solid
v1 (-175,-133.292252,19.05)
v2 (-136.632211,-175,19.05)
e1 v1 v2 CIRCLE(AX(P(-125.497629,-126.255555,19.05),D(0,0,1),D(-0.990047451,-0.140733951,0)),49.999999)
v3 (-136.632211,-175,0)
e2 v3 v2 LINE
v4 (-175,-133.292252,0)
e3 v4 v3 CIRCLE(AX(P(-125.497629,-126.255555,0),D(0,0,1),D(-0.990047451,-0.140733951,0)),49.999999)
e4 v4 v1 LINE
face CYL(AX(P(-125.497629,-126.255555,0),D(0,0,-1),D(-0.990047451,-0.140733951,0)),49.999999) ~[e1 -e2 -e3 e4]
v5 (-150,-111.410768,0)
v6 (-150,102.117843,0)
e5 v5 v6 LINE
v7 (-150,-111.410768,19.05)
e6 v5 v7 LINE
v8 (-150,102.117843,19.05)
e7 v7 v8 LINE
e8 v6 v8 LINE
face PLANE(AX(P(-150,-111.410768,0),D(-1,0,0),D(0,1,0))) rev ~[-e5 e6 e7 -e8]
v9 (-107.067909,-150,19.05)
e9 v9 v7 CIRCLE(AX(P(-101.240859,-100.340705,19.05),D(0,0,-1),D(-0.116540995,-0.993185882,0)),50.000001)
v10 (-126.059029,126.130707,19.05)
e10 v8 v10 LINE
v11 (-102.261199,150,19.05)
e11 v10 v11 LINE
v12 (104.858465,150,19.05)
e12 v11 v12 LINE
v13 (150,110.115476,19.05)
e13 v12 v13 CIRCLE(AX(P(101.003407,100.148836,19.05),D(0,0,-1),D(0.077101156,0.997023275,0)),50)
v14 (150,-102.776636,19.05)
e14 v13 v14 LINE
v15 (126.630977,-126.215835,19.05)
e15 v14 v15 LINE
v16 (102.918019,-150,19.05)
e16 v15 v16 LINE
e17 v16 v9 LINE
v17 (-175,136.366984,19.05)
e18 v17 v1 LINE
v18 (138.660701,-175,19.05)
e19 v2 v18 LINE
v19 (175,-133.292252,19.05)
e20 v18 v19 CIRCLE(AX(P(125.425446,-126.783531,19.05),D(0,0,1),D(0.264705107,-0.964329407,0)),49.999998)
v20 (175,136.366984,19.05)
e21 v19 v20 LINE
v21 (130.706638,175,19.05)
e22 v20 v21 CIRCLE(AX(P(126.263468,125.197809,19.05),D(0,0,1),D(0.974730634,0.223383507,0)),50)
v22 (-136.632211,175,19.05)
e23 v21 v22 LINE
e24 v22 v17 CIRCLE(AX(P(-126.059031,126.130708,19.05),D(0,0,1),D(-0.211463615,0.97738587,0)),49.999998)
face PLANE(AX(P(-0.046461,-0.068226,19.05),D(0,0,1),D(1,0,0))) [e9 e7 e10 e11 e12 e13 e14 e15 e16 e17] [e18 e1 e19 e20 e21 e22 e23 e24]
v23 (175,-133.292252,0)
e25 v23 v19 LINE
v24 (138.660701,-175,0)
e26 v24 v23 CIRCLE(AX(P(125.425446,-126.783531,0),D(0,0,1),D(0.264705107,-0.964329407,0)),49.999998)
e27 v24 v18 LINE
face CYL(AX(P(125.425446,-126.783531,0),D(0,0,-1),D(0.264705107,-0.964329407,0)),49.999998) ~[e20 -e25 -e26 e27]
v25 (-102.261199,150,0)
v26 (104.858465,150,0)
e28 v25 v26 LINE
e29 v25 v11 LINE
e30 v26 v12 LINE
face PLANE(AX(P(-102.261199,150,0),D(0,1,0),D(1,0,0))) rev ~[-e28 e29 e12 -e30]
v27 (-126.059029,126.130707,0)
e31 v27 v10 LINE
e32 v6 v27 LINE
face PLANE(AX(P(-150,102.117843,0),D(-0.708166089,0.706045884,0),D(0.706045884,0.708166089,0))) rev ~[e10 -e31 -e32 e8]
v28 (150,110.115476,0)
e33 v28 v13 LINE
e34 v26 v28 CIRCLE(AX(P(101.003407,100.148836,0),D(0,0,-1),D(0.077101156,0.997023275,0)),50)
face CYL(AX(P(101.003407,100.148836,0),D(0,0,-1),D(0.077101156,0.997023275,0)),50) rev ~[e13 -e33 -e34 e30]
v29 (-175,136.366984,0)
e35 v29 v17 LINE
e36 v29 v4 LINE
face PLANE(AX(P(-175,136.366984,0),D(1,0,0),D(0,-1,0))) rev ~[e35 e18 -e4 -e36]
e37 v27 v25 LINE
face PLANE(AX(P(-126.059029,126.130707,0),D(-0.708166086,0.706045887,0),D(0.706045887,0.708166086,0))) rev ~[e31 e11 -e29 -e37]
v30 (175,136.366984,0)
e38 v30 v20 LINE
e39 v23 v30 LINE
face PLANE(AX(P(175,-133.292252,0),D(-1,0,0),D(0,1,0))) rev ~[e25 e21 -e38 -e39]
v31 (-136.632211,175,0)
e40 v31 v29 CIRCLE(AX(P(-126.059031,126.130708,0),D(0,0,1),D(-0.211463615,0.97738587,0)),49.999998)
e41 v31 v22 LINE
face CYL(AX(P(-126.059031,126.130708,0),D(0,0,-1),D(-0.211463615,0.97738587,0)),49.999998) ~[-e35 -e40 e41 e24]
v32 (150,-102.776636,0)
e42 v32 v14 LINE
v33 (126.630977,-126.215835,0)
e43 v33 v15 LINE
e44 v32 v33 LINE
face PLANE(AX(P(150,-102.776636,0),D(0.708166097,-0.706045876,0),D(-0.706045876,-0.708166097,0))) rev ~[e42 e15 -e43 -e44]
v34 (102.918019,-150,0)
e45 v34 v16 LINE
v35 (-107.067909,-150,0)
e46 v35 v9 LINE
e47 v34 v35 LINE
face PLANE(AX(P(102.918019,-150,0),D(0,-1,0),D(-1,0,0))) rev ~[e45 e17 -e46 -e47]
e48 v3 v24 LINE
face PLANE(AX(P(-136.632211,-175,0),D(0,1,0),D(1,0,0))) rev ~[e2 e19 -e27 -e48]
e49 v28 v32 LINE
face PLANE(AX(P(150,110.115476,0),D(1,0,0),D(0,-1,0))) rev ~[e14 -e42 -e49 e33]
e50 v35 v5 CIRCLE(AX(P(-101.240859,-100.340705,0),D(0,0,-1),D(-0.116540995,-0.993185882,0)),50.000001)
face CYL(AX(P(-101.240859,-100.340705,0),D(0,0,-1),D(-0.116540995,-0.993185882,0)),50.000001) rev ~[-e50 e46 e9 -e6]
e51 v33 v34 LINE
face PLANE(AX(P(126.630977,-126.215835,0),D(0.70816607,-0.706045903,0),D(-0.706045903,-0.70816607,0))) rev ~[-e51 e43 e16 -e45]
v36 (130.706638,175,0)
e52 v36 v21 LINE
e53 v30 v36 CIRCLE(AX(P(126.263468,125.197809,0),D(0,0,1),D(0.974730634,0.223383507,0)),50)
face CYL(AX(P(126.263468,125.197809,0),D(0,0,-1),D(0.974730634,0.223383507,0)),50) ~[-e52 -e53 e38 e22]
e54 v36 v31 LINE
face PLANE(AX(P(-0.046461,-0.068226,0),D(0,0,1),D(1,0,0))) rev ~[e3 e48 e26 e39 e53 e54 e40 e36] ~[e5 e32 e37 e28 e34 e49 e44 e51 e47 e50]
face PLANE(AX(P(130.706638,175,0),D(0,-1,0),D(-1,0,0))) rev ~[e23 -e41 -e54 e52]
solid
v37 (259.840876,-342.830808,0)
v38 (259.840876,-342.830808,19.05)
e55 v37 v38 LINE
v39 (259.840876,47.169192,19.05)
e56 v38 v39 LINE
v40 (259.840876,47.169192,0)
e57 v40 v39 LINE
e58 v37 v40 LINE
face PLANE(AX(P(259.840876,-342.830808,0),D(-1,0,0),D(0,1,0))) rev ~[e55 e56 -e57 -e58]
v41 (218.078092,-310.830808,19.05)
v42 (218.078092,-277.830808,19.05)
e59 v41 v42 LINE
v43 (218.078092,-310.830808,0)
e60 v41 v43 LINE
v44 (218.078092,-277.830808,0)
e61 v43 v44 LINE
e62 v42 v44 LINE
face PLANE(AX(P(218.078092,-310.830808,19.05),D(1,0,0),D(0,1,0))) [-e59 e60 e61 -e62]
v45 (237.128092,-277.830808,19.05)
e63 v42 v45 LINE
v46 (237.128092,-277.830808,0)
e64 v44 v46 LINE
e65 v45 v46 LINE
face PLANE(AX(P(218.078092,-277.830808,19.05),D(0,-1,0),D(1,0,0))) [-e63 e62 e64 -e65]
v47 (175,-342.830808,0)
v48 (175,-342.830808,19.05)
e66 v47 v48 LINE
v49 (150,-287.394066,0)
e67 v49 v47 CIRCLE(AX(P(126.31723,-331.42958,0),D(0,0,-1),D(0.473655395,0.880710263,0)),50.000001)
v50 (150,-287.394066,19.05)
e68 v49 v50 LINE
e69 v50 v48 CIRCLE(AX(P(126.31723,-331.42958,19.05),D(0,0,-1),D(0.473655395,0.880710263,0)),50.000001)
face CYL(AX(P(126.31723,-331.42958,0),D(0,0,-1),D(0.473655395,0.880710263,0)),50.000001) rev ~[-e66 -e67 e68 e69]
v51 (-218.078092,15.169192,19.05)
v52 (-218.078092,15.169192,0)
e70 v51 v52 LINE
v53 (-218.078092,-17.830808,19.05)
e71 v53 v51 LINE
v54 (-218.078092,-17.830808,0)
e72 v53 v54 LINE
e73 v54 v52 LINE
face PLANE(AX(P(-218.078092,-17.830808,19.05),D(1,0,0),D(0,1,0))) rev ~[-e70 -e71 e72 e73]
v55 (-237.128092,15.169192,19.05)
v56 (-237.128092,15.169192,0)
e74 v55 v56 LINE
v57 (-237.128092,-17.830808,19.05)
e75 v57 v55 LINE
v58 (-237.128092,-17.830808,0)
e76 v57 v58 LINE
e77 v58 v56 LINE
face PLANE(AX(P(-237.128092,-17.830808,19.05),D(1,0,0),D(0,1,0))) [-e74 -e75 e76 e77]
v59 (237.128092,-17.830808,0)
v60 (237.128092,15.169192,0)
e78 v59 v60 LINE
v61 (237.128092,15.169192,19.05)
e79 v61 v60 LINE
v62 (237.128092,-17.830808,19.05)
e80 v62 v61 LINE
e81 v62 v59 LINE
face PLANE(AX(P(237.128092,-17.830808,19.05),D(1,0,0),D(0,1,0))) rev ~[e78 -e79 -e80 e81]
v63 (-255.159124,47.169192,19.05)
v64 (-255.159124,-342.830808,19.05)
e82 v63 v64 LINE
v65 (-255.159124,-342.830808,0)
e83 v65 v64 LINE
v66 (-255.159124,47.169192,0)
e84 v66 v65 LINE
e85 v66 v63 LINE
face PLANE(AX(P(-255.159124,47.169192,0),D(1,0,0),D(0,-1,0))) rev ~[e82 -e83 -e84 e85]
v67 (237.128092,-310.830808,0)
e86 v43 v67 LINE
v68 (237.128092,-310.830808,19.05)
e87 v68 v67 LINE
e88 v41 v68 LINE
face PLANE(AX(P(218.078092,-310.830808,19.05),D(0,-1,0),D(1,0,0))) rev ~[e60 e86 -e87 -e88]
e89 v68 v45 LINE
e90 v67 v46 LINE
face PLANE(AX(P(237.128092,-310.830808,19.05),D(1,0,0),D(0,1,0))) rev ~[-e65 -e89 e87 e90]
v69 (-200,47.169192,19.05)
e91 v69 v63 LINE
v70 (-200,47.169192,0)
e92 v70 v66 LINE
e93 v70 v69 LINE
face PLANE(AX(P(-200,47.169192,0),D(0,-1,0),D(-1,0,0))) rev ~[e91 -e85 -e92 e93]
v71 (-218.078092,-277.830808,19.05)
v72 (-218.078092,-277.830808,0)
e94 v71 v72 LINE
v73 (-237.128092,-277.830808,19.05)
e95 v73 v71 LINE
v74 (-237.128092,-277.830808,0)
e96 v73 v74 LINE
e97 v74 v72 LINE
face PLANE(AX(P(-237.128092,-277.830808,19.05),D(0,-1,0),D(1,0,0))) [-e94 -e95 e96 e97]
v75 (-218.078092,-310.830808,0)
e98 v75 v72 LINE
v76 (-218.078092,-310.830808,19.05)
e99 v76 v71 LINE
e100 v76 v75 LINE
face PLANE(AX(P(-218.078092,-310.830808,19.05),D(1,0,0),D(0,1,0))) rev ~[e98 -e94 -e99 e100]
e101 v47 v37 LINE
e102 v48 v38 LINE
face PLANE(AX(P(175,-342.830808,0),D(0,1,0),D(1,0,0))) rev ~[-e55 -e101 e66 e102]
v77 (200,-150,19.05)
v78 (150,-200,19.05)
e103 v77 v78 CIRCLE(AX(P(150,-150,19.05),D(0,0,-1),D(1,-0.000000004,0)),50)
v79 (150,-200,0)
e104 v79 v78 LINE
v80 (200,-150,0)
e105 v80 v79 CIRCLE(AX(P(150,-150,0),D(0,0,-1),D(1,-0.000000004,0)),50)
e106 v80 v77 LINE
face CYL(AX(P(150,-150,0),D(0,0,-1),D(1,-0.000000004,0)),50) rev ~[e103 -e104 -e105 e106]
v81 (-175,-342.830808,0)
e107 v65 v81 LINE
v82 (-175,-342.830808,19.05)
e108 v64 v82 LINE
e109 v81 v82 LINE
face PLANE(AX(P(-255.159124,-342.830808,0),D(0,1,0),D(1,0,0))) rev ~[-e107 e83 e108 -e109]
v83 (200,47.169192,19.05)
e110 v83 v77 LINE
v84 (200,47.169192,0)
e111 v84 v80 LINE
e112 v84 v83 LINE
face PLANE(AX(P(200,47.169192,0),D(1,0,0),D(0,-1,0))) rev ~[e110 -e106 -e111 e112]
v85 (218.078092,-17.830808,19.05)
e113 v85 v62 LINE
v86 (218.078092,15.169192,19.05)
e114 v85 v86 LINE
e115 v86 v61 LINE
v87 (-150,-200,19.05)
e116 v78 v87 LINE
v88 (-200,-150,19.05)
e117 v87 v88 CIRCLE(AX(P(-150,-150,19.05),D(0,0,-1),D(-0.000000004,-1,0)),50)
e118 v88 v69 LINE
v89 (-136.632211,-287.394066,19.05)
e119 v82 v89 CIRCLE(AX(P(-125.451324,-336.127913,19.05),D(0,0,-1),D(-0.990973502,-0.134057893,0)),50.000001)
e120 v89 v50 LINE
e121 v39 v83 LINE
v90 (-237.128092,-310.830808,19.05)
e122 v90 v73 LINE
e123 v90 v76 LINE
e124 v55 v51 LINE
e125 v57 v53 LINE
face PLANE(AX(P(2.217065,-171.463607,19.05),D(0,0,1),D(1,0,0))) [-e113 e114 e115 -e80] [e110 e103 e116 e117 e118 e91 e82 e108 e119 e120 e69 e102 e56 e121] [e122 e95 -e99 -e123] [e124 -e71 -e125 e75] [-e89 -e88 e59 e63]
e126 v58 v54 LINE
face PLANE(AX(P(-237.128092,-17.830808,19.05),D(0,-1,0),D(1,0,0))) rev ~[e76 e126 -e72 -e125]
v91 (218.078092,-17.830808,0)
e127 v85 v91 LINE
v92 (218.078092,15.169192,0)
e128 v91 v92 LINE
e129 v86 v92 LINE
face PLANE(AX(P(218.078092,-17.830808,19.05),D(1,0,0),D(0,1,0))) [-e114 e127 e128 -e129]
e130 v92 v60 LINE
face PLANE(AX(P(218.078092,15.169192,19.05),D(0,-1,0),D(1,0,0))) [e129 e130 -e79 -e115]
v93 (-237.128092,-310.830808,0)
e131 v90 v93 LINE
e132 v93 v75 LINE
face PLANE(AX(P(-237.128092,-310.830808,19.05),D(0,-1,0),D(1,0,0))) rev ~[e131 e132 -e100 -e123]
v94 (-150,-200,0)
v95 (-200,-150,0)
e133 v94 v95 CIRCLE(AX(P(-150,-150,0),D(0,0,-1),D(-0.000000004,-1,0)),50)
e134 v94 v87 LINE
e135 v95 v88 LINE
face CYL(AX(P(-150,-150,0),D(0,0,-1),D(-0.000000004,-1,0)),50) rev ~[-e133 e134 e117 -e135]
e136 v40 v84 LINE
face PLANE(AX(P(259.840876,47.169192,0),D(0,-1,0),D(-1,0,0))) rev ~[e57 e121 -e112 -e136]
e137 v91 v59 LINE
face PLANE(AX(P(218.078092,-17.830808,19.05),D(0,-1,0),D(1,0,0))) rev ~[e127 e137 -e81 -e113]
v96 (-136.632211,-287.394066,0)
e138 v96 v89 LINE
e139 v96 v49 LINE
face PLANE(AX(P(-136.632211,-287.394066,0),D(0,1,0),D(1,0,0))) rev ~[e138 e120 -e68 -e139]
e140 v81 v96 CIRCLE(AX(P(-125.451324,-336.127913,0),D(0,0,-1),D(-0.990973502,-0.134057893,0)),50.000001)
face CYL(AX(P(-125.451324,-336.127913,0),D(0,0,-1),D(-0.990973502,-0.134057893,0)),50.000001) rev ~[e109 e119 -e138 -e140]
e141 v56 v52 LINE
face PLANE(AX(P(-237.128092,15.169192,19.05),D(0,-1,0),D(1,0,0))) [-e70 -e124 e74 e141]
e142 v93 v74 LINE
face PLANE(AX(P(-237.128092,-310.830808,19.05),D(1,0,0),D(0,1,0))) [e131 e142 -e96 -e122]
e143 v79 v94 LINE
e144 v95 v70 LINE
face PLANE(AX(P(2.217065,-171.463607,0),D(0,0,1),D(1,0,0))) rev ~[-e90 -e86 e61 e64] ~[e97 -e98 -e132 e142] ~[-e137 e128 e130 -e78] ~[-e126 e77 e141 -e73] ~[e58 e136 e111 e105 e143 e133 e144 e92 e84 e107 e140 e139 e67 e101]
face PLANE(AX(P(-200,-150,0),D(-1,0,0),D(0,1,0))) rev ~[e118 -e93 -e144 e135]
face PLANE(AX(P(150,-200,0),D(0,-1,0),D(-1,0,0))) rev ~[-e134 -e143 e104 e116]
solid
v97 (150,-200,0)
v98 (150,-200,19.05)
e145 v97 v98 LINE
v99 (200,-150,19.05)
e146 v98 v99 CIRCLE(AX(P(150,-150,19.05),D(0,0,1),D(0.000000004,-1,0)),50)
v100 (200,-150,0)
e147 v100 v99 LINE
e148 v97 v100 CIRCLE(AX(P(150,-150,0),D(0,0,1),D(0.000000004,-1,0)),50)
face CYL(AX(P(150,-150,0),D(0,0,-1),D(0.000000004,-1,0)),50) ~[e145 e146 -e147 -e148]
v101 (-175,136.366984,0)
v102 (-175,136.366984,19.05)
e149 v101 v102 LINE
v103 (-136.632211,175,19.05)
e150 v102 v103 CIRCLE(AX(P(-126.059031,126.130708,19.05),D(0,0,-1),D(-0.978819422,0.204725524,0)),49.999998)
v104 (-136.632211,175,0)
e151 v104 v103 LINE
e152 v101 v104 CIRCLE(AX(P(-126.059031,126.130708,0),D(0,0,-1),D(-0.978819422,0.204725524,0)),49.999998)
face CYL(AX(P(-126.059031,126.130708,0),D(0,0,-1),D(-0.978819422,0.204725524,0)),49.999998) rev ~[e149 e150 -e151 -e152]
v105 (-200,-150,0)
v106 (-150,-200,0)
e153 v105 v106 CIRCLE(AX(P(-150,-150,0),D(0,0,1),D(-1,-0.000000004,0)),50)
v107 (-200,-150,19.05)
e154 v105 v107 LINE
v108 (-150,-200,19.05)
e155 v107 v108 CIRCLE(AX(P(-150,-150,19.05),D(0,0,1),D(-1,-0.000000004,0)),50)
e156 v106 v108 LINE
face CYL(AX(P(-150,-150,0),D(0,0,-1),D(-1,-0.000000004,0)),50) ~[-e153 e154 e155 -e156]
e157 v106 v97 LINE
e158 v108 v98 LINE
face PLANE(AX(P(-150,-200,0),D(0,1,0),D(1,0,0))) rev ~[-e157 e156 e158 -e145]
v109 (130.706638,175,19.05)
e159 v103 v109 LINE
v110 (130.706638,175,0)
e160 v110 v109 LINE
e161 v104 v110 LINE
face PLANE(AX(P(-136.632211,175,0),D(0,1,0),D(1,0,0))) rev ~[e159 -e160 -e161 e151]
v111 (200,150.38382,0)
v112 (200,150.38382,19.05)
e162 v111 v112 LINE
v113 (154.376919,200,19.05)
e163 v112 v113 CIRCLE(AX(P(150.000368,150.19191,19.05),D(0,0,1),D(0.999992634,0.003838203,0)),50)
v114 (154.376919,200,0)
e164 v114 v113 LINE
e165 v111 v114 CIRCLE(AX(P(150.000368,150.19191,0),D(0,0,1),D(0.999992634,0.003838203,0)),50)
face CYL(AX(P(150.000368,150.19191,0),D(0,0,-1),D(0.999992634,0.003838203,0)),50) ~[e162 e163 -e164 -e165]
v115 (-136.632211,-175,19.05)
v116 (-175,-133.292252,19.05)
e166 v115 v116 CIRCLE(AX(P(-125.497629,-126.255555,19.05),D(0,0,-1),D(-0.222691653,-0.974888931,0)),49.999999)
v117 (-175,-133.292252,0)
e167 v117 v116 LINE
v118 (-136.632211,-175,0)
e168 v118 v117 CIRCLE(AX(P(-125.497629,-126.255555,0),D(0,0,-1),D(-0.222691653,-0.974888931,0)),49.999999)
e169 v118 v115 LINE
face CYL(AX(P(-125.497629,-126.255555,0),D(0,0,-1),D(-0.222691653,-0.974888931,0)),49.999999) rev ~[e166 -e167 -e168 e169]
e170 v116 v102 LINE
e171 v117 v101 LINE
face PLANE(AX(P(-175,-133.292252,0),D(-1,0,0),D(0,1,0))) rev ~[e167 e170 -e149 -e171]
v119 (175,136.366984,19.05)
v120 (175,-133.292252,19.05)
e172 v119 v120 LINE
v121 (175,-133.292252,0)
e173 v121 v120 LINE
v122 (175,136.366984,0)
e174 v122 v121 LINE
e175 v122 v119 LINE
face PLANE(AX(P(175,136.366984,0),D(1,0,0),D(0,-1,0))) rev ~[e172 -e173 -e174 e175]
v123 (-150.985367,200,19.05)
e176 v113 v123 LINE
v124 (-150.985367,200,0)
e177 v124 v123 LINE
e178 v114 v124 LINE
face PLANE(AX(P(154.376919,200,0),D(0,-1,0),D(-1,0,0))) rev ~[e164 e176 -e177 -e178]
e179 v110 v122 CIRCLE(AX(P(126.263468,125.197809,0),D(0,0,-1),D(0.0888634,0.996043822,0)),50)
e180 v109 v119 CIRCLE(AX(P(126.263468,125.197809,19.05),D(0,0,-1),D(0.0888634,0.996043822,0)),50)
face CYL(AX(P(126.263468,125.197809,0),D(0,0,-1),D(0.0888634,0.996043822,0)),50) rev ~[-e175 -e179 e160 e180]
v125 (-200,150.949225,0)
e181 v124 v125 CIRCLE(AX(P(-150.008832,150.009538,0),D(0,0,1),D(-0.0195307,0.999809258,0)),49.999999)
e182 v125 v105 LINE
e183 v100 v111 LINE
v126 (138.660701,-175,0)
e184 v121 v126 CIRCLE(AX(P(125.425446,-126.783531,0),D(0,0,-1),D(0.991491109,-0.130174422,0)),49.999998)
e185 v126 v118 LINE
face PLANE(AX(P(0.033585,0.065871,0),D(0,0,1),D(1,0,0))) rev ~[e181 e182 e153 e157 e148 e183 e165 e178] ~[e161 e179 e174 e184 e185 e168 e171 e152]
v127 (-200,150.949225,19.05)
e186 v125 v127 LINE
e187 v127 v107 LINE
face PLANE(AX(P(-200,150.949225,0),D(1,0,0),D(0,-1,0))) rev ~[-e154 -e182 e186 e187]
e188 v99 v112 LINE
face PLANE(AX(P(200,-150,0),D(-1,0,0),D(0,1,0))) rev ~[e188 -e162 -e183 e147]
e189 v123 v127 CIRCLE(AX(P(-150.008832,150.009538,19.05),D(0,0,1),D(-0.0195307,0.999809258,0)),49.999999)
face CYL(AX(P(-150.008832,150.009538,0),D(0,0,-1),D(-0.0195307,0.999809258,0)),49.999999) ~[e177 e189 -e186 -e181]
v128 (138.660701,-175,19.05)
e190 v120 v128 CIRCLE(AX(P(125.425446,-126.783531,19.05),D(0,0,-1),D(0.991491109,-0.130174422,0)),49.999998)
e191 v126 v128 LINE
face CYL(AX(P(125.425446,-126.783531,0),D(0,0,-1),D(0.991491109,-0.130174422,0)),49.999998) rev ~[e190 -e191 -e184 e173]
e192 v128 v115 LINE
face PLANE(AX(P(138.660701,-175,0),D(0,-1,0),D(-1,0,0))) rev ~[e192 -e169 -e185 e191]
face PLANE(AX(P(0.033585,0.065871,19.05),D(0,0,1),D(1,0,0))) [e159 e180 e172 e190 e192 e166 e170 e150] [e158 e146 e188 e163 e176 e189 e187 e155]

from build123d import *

# Parameters (mm, degrees)
F1_DEPTH = 19.05
F2_DEPTH = 19.05
F3_DEPTH = 19.05
F4_W     = 19.05
F4_H     = 33
F5_DEPTH = 19.051


with BuildPart() as f1:
    # F0 (on Top) → F1 (new body)
    with BuildSketch(Plane.XY):
        with BuildLine():
            Line((-200, -150), (-200, 47.169192))
            Line((-200, 47.169192), (-255.159124, 47.169192))
            Line((-255.159124, 47.169192), (-255.159124, -342.830808))
            Line((-255.159124, -342.830808), (-175, -342.830808))
            ThreePointArc((-175, -342.830808), (-166.564923, -307.673176), (-136.632211, -287.394066))
            Line((-136.632211, -287.394066), (150, -287.394066))
            ThreePointArc((150, -287.394066), (171.896841, -310.874796), (175, -342.830808))
            Line((175, -342.830808), (259.840876, -342.830808))
            Line((259.840876, -342.830808), (259.840876, 47.169192))
            Line((259.840876, 47.169192), (200, 47.169192))
            Line((200, 47.169192), (200, -150))
            ThreePointArc((200, -150), (185.355339, -185.355339), (150, -200))
            Line((150, -200), (-150, -200))
            ThreePointArc((-150, -200), (-185.355339, -185.355339), (-200, -150))
        make_face()
    extrude(amount=F1_DEPTH)

    # F4 (on face) → F5 (cut, through all)
    with BuildSketch(Plane.XY.offset(19.05)):
        with Locations((-227.603092, -1.330808)):
            Rectangle(F4_W, F4_H)
        with Locations((-227.603092, -294.330808)):
            Rectangle(F4_W, F4_H)
        with Locations((227.603092, -1.330808)):
            Rectangle(F4_W, F4_H)
        with Locations((227.603092, -294.330808)):
            Rectangle(F4_W, F4_H)
    extrude(amount=-F5_DEPTH, mode=Mode.SUBTRACT)


with BuildPart() as f2:
    # F0 (on Top) → F2 (new body)
    with BuildSketch(Plane.XY):
        with BuildLine():
            Line((-149.032295, 200), (-150.985367, 200))
            ThreePointArc((-150.985367, 200), (-185.377198, 185.351844), (-200, 150.949225))
            Line((-200, 150.949225), (-200, 47.169192))
            Line((-200, 47.169192), (-200, -150))
            ThreePointArc((-200, -150), (-185.355339, -185.355339), (-150, -200))
            Line((-150, -200), (150, -200))
            ThreePointArc((150, -200), (185.355339, -185.355339), (200, -150))
            Line((200, -150), (200, 47.169192))
            Line((200, 47.169192), (200, 150))
            Line((200, 150), (200, 150.38382))
            ThreePointArc((200, 150.38382), (186.805716, 184.035172), (154.376919, 200))
            Line((154.376919, 200), (145.623818, 200))
            Line((145.623818, 200), (-149.032295, 200))
        make_face()
        with BuildLine():
            ThreePointArc((-175, 136.366984), (-161.535938, 161.364057), (-136.632211, 175))
            Line((-136.632211, 175), (130.706638, 175))
            ThreePointArc((130.706638, 175), (159.129068, 162.878737), (175, 136.366984))
            Line((175, 136.366984), (175, -133.292252))
            ThreePointArc((175, -133.292252), (163.123617, -159.629349), (138.660701, -175))
            Line((138.660701, -175), (-136.632211, -175))
            ThreePointArc((-136.632211, -175), (-162.295646, -160.106785), (-175, -133.292252))
            Line((-175, -133.292252), (-175, 136.366984))
        make_face(mode=Mode.SUBTRACT)
    extrude(amount=F2_DEPTH)


with BuildPart() as f3:
    # F0 (on Top) → F3 (new body)
    with BuildSketch(Plane.XY):
        with BuildLine():
            Line((130.706638, 175), (-136.632211, 175))
            ThreePointArc((-136.632211, 175), (-161.535938, 161.364057), (-175, 136.366984))
            Line((-175, 136.366984), (-175, -133.292252))
            ThreePointArc((-175, -133.292252), (-162.295646, -160.106785), (-136.632211, -175))
            Line((-136.632211, -175), (138.660701, -175))
            ThreePointArc((138.660701, -175), (163.123617, -159.629349), (175, -133.292252))
            Line((175, -133.292252), (175, 136.366984))
            ThreePointArc((175, 136.366984), (159.129068, 162.878737), (130.706638, 175))
        make_face()
        with BuildLine():
            Line((-126.059029, 126.130707), (-102.261199, 150))
            Line((-102.261199, 150), (104.858465, 150))
            ThreePointArc((104.858465, 150), (134.109571, 137.618583), (150, 110.115476))
            Line((150, 110.115476), (150, -102.776636))
            Line((150, -102.776636), (126.630977, -126.215835))
            Line((126.630977, -126.215835), (102.918019, -150))
            Line((102.918019, -150), (-107.067909, -150))
            ThreePointArc((-107.067909, -150), (-134.66533, -137.526789), (-150, -111.410768))
            Line((-150, -111.410768), (-150, 102.117843))
            Line((-150, 102.117843), (-126.059029, 126.130707))
        make_face(mode=Mode.SUBTRACT)
    extrude(amount=F3_DEPTH)


solid = Compound([f1.part, f2.part, f3.part])
